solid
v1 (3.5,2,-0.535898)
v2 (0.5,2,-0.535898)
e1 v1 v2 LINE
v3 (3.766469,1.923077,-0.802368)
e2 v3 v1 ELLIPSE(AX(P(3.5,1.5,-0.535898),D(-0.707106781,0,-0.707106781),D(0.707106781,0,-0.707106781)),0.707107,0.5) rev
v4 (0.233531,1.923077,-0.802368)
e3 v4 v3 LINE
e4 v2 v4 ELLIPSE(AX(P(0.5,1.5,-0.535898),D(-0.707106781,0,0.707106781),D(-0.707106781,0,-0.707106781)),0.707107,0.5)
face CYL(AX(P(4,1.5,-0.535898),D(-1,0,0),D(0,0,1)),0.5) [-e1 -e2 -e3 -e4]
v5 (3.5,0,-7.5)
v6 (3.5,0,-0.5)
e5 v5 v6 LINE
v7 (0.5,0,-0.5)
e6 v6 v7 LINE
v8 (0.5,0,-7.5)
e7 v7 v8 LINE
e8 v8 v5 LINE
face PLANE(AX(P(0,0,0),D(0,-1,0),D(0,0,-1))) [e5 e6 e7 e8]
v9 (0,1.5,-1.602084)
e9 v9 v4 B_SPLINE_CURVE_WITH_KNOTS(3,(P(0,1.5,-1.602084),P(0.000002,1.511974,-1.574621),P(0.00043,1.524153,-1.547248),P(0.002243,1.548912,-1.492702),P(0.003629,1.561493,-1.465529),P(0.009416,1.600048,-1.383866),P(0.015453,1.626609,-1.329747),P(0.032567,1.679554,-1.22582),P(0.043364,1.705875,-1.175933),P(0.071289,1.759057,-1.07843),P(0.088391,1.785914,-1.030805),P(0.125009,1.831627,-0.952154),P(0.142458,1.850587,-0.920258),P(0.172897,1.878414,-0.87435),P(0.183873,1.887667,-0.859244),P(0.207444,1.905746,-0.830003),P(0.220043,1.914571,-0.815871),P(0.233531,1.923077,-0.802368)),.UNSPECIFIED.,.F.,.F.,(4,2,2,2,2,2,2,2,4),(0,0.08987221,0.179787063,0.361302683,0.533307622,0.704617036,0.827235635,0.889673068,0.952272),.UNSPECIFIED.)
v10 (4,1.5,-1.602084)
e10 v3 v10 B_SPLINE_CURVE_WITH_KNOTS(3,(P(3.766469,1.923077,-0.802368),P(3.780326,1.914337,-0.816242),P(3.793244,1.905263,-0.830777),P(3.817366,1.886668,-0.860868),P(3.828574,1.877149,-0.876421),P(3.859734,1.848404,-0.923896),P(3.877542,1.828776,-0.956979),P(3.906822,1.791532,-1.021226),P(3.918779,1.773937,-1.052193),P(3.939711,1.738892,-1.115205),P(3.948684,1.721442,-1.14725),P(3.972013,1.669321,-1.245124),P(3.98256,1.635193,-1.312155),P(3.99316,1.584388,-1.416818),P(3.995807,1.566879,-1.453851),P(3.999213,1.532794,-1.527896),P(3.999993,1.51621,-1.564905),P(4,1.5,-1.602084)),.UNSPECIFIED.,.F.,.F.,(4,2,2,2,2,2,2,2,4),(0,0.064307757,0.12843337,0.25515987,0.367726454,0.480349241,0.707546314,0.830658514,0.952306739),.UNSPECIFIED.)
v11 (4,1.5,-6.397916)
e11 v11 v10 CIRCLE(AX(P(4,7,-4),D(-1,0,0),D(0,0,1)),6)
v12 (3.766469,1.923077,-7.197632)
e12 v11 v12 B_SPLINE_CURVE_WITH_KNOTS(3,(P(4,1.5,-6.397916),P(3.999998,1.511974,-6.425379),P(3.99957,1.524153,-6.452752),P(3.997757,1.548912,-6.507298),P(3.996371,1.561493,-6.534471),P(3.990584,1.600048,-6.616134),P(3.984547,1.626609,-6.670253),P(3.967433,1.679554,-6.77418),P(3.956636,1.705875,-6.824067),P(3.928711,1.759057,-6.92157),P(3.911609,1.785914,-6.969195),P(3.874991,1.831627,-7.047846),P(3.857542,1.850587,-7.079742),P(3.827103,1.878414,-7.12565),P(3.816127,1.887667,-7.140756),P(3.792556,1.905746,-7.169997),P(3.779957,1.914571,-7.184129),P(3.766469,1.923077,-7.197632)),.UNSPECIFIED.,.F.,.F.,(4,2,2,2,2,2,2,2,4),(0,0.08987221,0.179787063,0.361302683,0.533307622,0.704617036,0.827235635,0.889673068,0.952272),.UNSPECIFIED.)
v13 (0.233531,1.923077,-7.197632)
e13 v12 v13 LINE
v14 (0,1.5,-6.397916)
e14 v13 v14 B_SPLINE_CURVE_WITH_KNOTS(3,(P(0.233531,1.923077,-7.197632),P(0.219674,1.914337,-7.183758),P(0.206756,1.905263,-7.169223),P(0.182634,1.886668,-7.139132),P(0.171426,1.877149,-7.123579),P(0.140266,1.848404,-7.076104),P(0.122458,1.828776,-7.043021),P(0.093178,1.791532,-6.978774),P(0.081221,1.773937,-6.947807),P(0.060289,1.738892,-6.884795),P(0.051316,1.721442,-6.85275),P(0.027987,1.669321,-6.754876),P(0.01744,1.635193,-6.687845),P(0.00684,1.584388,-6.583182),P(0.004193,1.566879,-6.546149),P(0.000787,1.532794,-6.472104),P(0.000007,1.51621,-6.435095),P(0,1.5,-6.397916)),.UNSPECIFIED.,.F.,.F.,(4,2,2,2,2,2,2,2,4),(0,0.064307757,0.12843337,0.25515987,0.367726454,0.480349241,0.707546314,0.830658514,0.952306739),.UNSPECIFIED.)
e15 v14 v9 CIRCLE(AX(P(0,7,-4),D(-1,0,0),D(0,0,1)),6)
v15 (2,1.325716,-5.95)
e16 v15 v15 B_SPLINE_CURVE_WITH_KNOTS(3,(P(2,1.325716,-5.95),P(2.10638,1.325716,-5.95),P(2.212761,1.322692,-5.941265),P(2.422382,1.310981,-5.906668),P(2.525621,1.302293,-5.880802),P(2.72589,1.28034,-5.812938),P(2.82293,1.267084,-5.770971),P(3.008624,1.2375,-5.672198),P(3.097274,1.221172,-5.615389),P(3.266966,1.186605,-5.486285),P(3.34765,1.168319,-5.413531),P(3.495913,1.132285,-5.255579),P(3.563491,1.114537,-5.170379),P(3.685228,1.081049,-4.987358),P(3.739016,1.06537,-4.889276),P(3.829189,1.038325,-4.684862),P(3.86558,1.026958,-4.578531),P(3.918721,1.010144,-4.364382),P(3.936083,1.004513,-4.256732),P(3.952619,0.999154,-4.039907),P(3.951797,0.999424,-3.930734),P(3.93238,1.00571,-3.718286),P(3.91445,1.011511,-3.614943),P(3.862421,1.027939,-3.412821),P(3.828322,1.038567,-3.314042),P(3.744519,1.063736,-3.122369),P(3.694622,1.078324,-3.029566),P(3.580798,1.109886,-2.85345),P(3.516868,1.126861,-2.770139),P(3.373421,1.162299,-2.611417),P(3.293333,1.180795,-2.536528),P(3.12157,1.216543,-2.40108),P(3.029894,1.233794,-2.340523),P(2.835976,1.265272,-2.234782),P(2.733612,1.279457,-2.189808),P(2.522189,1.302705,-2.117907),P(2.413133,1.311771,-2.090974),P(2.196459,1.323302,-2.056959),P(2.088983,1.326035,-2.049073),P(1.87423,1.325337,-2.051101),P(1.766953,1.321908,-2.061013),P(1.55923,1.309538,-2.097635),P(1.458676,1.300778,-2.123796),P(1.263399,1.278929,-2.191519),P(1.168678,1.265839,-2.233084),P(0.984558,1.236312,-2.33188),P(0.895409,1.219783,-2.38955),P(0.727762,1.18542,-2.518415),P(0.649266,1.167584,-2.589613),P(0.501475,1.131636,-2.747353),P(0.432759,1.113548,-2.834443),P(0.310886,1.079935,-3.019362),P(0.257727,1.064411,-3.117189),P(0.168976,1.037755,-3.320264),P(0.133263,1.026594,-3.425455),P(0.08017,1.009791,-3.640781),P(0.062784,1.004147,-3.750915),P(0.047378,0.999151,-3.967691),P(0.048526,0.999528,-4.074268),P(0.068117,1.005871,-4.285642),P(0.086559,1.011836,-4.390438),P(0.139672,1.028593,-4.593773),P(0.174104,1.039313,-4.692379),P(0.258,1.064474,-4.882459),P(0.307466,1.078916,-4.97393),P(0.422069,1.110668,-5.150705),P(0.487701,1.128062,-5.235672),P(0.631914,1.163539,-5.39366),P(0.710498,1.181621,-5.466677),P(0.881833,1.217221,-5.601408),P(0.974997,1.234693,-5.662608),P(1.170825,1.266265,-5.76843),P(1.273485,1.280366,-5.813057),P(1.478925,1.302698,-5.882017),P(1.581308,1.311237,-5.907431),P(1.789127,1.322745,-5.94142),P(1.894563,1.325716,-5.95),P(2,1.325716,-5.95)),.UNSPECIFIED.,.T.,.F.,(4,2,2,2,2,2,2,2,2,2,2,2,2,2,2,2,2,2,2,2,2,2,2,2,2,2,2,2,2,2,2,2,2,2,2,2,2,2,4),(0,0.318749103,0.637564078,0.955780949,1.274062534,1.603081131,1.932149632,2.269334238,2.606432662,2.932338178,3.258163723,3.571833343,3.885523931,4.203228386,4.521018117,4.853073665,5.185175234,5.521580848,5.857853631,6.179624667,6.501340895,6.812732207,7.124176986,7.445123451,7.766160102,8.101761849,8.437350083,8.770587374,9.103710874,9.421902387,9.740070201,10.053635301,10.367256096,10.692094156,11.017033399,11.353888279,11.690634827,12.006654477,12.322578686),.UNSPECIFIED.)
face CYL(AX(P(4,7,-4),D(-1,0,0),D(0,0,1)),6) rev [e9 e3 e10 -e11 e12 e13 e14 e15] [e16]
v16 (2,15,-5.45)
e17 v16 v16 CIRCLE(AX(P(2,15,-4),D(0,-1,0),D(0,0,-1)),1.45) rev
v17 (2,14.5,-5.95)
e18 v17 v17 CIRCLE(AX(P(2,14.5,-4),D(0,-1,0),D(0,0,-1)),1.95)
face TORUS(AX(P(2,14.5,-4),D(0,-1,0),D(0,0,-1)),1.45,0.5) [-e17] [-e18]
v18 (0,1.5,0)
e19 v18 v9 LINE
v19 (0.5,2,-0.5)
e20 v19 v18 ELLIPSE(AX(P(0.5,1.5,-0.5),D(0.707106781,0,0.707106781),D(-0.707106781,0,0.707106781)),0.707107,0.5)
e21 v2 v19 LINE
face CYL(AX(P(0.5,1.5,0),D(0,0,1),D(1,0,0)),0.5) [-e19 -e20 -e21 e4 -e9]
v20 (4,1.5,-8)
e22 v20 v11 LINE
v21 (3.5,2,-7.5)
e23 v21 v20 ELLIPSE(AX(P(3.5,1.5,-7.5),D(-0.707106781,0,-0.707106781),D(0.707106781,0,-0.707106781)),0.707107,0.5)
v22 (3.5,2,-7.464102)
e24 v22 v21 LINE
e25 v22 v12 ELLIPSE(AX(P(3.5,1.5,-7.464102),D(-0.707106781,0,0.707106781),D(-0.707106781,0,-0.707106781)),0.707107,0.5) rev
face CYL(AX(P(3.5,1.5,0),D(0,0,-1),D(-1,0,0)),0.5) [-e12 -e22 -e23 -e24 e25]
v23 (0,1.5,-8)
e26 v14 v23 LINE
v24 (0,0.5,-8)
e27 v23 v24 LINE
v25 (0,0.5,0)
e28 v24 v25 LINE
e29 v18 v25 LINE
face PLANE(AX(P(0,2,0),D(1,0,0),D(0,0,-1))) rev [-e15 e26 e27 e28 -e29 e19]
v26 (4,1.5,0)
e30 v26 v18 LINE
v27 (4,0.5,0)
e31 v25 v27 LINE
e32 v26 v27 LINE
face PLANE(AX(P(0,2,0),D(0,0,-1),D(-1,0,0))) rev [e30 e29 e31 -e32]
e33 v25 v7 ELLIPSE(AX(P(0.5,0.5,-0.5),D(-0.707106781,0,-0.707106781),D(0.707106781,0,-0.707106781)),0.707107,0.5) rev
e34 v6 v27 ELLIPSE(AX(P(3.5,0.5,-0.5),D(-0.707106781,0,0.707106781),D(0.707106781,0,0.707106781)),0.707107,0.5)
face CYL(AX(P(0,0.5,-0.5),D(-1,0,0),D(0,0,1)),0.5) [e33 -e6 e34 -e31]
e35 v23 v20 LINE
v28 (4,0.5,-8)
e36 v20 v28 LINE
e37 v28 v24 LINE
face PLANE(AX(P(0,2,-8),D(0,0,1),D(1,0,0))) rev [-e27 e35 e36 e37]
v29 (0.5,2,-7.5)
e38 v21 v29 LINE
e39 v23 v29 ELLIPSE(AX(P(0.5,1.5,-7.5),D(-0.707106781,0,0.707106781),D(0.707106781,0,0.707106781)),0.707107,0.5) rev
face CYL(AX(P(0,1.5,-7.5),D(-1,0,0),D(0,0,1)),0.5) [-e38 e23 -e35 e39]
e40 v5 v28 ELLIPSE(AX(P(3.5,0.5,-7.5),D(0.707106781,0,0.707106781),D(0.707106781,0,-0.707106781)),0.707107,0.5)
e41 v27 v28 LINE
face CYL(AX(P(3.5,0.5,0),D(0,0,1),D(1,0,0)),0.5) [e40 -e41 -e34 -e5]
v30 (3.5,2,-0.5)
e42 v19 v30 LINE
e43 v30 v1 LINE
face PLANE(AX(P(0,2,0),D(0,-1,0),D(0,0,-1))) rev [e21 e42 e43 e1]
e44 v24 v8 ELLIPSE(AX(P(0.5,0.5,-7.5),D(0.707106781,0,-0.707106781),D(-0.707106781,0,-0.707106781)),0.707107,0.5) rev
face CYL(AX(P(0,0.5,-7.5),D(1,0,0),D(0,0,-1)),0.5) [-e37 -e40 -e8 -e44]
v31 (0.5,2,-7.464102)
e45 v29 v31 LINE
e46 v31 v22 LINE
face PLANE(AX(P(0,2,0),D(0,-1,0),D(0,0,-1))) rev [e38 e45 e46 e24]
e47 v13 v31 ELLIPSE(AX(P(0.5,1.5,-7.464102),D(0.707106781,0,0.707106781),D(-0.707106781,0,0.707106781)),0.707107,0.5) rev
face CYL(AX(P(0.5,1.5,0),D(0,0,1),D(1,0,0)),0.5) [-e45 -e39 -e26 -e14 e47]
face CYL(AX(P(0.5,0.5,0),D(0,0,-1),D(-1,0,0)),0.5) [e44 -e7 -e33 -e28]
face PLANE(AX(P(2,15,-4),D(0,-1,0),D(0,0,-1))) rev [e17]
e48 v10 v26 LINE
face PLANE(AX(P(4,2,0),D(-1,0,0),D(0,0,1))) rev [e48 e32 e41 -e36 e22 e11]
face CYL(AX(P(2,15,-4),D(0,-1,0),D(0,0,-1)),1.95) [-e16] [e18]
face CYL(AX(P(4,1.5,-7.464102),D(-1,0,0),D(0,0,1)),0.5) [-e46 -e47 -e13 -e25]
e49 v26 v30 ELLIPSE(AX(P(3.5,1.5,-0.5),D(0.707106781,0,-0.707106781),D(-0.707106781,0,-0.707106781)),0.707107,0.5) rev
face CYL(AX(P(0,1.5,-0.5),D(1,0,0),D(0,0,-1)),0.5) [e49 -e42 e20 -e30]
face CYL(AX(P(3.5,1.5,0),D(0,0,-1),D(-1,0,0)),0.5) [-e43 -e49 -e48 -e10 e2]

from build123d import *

# Parameters (mm, degrees)
SKETCH_1_W          = 4
SKETCH_1_H          = 8
SKETCH_1_R          = 1.95
EXTRUDE_1_DEPTH     = 2
SKETCH_3_R          = 6
CUT_EXTRUDE_1_DEPTH = 10.16515139
SKETCH_2_R          = 1.95
EXTRUDE_3_DEPTH     = 15
FILLET_3_R          = 0.5


with BuildPart() as part:
    # 草图1 → 凸台-拉伸1 (new body)
    with BuildSketch(Plane(origin=(0, 0, 0), x_dir=(1, 0, 0), z_dir=(0, 1, 0))):
        with Locations((2, 4)):
            Rectangle(SKETCH_1_W, SKETCH_1_H)
        with Locations(Location((2, 4, 0), (0, 0, 270))):
            Circle(SKETCH_1_R, mode=Mode.SUBTRACT)
    extrude(amount=EXTRUDE_1_DEPTH)

    # 草图3 → 切除-拉伸1 (cut, through all)
    with BuildSketch(Plane.ZY):
        with Locations((-4, 7)):
            Circle(SKETCH_3_R)
    extrude(amount=-CUT_EXTRUDE_1_DEPTH, mode=Mode.SUBTRACT)

    # 草图2 → 凸台-拉伸3 (add)
    with BuildSketch(Plane.XZ):
        with Locations(Location((2, -4, 0), (0, 0, 270))):
            Circle(SKETCH_2_R)
    extrude(amount=-EXTRUDE_3_DEPTH)

    # 圆角3
    fillet_3_edges = [part.edges().sort_by_distance(p)[0] for p in [
        (4, 2, -0.341687605),
        (2, 2, -8),
        (4, 2, -7.658312395),
        (0, 2, -0.341687605),
        (2, 2, -0.68337521),
        (2, 2, -7.31662479),
        (2, 15, -2.05),
        (0, 2, -7.658312395),
        (2, 0, -8),
        (4, 0, -4),
        (2, 0, 0),
        (0, 0, -4),
        (2, 2, 0),
    ]]
    fillet(fillet_3_edges, radius=FILLET_3_R)


solid = part.part
